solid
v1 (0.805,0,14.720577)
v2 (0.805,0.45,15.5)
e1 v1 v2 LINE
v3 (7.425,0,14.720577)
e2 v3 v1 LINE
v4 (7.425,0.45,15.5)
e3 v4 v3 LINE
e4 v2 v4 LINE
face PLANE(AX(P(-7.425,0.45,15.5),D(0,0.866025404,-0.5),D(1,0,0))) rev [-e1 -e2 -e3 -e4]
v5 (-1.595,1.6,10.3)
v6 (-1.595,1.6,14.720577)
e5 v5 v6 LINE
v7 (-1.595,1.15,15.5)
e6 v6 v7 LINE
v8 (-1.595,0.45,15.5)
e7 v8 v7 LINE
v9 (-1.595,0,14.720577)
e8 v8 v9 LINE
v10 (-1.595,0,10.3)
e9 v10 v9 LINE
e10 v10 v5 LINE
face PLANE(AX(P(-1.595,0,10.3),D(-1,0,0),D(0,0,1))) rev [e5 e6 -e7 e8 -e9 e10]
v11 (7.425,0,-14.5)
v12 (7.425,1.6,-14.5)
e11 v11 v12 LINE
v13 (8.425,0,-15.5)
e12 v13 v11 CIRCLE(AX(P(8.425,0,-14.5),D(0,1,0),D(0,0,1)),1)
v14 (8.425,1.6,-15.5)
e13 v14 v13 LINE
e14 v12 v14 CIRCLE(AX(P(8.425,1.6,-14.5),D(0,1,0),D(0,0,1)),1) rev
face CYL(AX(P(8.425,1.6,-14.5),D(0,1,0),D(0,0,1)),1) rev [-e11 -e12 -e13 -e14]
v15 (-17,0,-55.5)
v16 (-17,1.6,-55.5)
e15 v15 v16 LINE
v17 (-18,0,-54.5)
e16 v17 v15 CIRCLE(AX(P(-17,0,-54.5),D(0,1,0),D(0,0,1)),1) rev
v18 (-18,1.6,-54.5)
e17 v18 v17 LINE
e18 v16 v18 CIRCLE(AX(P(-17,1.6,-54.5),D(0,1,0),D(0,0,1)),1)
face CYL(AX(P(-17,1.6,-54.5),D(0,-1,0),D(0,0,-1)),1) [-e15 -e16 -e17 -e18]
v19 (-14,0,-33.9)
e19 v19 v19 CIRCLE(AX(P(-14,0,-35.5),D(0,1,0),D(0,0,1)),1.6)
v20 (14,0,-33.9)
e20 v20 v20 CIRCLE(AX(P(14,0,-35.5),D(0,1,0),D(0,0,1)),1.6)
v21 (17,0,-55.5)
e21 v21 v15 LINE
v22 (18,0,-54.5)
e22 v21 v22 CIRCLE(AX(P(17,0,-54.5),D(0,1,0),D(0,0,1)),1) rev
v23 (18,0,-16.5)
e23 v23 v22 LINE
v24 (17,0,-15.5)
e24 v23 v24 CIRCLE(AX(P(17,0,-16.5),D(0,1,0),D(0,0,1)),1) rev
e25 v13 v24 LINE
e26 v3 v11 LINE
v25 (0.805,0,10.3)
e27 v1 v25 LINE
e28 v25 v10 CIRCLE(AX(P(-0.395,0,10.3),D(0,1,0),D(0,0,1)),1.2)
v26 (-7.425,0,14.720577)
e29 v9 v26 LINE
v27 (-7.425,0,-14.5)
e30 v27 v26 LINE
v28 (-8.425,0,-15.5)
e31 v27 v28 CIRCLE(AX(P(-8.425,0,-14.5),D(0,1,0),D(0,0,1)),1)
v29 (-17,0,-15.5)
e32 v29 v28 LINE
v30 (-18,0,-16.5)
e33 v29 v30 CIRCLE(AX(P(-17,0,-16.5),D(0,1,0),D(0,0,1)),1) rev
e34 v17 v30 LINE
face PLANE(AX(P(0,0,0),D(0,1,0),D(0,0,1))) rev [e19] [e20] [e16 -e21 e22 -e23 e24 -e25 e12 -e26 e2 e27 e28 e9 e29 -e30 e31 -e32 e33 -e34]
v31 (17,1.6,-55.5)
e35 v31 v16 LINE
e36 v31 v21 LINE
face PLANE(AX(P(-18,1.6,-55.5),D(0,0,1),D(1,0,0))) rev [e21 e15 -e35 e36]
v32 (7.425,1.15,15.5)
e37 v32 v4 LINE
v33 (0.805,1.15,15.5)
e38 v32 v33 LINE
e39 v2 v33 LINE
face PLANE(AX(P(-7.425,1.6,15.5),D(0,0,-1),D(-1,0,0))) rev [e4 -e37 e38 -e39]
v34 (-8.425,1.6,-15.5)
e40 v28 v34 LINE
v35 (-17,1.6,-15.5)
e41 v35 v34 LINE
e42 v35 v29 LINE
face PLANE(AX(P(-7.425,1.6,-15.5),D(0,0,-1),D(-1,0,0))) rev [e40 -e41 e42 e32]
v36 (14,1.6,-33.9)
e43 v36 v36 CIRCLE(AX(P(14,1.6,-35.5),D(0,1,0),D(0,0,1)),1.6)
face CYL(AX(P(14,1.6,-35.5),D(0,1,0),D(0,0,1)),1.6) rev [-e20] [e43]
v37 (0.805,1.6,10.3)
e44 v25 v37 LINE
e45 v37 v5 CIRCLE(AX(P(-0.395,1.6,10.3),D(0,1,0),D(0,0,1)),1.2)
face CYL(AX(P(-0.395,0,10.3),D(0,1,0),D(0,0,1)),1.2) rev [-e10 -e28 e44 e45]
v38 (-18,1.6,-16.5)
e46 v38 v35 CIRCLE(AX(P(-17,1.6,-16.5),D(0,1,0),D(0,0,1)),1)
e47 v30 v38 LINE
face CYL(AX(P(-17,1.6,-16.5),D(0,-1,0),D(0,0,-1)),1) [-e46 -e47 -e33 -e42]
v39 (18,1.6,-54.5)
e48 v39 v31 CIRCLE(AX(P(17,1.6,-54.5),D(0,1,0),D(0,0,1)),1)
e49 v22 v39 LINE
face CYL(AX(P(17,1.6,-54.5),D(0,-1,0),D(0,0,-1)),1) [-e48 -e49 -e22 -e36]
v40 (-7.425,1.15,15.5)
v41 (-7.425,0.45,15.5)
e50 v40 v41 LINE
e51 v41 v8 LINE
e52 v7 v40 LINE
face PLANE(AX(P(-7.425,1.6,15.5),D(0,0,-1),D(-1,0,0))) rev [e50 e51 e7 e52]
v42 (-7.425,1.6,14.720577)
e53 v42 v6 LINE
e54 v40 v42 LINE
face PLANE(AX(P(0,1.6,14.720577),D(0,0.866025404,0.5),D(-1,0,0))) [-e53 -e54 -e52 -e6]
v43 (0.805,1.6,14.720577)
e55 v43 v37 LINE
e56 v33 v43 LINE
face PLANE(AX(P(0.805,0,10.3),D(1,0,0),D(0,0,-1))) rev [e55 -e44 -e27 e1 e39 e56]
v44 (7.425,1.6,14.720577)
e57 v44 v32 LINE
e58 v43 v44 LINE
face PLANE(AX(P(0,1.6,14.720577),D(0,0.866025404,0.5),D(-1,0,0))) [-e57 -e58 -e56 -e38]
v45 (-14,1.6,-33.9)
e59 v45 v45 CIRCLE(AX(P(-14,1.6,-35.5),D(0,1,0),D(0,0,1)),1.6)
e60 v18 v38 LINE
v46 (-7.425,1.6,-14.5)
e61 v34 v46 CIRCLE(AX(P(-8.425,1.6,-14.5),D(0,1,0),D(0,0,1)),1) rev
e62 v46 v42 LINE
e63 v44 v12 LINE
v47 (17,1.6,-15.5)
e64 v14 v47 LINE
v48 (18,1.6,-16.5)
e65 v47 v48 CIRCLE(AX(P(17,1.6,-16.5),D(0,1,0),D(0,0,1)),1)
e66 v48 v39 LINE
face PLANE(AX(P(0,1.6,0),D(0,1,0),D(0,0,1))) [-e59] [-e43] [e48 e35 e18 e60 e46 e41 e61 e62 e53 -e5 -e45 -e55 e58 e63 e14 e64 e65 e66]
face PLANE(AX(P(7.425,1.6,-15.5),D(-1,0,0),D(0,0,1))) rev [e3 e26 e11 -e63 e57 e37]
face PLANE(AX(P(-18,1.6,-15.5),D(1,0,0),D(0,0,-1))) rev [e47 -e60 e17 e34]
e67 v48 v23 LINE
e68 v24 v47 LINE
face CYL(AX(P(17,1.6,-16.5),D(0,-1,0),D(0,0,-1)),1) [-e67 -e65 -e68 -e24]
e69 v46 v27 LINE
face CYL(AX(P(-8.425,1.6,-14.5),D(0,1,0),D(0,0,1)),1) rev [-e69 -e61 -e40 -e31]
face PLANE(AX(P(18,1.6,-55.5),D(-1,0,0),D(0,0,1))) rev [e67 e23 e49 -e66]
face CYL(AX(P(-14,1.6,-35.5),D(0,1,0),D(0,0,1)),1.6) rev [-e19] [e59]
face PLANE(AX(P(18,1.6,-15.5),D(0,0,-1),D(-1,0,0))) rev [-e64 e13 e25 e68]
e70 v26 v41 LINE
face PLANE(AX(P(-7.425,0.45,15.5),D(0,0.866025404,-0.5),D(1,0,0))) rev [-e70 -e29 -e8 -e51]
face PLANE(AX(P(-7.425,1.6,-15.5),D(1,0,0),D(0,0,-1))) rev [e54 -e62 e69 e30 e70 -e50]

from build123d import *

# Parameters (mm, degrees)
BOSS_EXTRUDE1_DEPTH            = 1.6
CHAMFER1_SIZE                  = 0.45
CHAMFER1_SIZE2                 = 0.779422863
FILLET1_R                      = 1
CUT_EXTRUDE1_DEPTH             = 2.6
F_3_2_3_2_DIAMETER_HOLE1_D     = 3.2
F_3_2_3_2_DIAMETER_HOLE1_DEPTH = 1.6
F_3_2_3_2_DIAMETER_HOLE1_TIP   = 0.96137699


with BuildPart() as part:
    # Sketch1 → Boss-Extrude1 (new body)
    with BuildSketch(Plane(origin=(0, 0, 0), x_dir=(1, 0, 0), z_dir=(0, 1, 0))):
        Polygon((-7.425, 15.5), (-18, 15.5), (-18, 55.5), (18, 55.5), (18, 15.5), (7.425, 15.5), (7.425, -15.5), (-7.425, -15.5), align=None)
    extrude(amount=BOSS_EXTRUDE1_DEPTH)

    # Chamfer1
    chamfer1_edges = [part.edges().sort_by_distance(p)[0] for p in [
        (0, 1.6, 15.5),
        (0, 0, 15.5),
    ]]
    chamfer1_side = [part.faces().sort_by_distance(p)[0] for p in [
        (0, 0.8, 15.5),
    ]]
    chamfer(chamfer1_edges, length=CHAMFER1_SIZE, length2=CHAMFER1_SIZE2, reference=chamfer1_side[0])

    # Fillet1
    fillet1_edges = [part.edges().sort_by_distance(p)[0] for p in [
        (-7.425, 0.8, -15.5),
        (-18, 0.8, -15.5),
        (-18, 0.8, -55.5),
        (18, 0.8, -55.5),
        (18, 0.8, -15.5),
        (7.425, 0.8, -15.5),
    ]]
    fillet(fillet1_edges, radius=FILLET1_R)

    # Sketch2 → Cut-Extrude1 (cut, through all)
    with BuildSketch(Plane(origin=(0, 1.6, 0), x_dir=(1, 0, 0), z_dir=(0, 1, 0))):
        with BuildLine():
            Line((-1.595, -10.3), (-1.595, -15.5))
            Line((-1.595, -15.5), (0.805, -15.5))
            Line((0.805, -15.5), (0.805, -10.3))
            ThreePointArc((0.805, -10.3), (-0.395, -9.1), (-1.595, -10.3))
        make_face()
    extrude(amount=-CUT_EXTRUDE1_DEPTH, mode=Mode.SUBTRACT)

    # Ø3.2 (3.2) Diameter Hole1
    with Locations(Plane(origin=(-14, 1.6, -35.5), x_dir=(0, 0, 1), z_dir=(0, 1, 0))):
        with Locations((0, 0), (0, 28)):
            Hole(F_3_2_3_2_DIAMETER_HOLE1_D / 2, depth=F_3_2_3_2_DIAMETER_HOLE1_DEPTH)
            with Locations((0, 0, -(F_3_2_3_2_DIAMETER_HOLE1_DEPTH + F_3_2_3_2_DIAMETER_HOLE1_TIP / 2))):  # 118° drill point
                Cone(0, F_3_2_3_2_DIAMETER_HOLE1_D / 2, F_3_2_3_2_DIAMETER_HOLE1_TIP, mode=Mode.SUBTRACT)


solid = part.part
